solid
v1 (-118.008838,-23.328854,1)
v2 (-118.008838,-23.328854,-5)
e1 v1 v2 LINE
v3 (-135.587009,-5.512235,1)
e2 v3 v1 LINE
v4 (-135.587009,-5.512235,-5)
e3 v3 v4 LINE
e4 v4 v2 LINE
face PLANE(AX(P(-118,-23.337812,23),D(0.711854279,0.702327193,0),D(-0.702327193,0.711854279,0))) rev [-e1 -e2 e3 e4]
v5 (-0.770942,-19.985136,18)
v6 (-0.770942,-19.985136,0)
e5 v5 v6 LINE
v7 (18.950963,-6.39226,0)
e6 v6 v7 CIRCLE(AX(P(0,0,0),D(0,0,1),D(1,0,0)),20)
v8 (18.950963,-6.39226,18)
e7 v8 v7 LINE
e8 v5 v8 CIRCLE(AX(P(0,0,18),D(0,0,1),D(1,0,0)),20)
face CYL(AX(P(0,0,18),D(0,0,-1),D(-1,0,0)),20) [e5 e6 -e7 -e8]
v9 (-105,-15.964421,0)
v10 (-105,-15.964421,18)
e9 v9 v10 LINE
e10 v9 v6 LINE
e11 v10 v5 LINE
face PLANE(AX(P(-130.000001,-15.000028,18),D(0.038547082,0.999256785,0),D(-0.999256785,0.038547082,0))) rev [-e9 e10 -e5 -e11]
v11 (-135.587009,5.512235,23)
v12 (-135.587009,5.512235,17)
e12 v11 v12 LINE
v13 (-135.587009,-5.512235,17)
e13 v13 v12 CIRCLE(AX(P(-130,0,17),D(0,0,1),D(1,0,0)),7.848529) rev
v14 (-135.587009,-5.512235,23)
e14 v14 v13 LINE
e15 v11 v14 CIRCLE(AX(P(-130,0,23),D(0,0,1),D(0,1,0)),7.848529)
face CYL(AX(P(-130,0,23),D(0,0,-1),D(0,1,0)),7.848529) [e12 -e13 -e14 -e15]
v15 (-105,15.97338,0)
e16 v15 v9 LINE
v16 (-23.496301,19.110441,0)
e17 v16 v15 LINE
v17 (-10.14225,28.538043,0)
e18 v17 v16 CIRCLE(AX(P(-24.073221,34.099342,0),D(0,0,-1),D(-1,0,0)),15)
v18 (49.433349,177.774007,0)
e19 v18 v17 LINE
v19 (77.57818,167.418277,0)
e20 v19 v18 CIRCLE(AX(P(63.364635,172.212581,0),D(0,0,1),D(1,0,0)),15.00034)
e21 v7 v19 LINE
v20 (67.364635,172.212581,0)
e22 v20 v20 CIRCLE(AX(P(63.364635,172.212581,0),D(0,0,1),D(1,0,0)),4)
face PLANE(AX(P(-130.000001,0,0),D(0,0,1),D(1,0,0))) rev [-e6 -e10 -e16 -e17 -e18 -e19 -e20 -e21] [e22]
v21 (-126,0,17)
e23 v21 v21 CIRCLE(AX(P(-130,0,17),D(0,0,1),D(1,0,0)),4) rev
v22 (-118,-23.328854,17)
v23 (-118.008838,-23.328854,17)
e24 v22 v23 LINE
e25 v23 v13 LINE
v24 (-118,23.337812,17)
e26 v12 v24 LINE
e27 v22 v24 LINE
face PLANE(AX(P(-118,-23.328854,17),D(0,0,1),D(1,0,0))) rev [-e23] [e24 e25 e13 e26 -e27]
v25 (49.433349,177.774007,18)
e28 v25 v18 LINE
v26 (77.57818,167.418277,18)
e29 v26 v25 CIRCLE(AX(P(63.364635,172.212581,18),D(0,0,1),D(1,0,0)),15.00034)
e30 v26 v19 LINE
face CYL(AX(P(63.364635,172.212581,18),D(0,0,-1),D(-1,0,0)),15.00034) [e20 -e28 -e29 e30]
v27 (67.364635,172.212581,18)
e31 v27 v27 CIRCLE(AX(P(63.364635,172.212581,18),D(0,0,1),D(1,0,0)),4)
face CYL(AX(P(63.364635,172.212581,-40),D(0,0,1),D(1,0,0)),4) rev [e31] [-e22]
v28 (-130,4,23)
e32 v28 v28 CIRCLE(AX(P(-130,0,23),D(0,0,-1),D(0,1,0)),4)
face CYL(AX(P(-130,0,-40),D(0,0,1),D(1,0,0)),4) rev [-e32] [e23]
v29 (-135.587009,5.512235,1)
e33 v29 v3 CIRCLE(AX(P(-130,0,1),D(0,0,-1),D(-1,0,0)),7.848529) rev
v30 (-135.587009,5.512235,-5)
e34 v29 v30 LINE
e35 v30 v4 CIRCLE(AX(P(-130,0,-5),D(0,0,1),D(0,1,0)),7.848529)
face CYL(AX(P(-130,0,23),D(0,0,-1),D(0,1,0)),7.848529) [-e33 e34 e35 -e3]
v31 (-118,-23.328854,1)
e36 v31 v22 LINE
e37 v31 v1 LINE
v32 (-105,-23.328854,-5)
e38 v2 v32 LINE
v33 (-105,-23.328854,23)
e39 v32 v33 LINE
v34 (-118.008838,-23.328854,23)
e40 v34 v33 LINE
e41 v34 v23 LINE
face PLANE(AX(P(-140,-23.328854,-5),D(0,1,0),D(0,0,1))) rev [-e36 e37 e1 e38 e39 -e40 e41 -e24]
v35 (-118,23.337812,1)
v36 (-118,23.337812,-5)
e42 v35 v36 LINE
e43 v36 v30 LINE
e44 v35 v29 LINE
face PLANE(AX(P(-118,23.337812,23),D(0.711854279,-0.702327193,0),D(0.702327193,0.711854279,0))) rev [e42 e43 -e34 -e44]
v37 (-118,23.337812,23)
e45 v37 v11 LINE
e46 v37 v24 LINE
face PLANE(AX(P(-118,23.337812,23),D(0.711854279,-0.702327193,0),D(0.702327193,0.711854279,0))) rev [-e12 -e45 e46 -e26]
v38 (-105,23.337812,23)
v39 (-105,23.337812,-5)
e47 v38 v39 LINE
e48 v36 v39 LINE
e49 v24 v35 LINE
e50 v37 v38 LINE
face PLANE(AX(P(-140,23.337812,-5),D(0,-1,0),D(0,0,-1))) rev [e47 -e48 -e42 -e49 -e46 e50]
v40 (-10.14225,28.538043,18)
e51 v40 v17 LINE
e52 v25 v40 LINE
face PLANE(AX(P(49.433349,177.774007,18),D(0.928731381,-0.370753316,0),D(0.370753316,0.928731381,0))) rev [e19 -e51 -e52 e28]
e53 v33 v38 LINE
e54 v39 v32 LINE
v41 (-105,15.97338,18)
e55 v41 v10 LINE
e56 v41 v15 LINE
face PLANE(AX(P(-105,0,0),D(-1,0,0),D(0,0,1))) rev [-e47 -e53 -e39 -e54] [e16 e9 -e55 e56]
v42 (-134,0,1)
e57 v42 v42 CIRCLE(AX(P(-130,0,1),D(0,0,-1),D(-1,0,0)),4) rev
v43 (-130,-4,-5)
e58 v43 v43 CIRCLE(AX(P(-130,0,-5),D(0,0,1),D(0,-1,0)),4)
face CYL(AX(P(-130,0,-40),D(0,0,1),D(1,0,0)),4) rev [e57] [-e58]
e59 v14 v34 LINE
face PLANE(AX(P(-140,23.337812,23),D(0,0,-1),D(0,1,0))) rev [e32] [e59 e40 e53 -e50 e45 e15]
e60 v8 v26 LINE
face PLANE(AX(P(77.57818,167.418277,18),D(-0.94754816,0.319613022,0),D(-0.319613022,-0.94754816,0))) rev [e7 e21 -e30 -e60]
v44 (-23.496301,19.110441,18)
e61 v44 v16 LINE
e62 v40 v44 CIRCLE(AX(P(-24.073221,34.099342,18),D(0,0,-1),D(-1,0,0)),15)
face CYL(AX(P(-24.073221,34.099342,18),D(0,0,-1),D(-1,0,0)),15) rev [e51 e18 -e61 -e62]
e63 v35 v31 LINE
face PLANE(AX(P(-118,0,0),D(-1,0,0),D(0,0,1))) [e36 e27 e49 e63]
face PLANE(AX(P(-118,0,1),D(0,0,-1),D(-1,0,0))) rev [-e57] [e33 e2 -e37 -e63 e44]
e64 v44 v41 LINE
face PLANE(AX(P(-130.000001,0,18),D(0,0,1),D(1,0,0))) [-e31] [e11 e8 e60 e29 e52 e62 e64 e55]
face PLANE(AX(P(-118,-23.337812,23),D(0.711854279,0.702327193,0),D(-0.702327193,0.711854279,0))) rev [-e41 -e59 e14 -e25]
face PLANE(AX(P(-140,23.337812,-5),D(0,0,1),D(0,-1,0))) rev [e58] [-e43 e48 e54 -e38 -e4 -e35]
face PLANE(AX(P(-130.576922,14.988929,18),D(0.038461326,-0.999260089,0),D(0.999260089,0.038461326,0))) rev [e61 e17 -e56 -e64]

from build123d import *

# Parameters (mm, degrees)
EXTRUDE_1_DEPTH      = 18
SKETCH_10_W          = 36.784417634
SKETCH_10_H          = 49.551694486
CUT_EXTRUDE_7_DEPTH  = 25
SKETCH_11_W          = 28
SKETCH_11_H          = 46.666666667
EXTRUDE_2_DEPTH      = 35
SKETCH_2_R           = 4
CUT_EXTRUDE_9_DEPTH  = 40
CUT_EXTRUDE_10_DEPTH = 22
CUT_EXTRUDE_11_DEPTH = 28


with BuildPart() as part:
    # 草图1 → 凸台-拉伸1 (new body)
    with BuildSketch(Plane.XY):
        with BuildLine():
            Line((-130.576922015, 14.988928879), (-23.496301019, 19.11044112))
            ThreePointArc((-23.496301019, 19.11044112), (-15.422230188, 21.845348847), (-10.142250191, 28.538042722))
            Line((-10.142250191, 28.538042722), (49.433348919, 177.774006572))
            ThreePointArc((49.433348919, 177.774006572), (68.544423032, 186.290222442), (77.578179631, 167.418276909))
            Line((77.578179631, 167.418276909), (18.950963208, -6.392260437))
            ThreePointArc((18.950963208, -6.392260437), (11.349883724, -16.46754807), (-0.770941638, -19.985135701))
            Line((-0.770941638, -19.985135701), (-130.000001063, -15.000027558))
            ThreePointArc((-130.000001063, -15.000027558), (-144.997253695, -0.28851385), (-130.576922015, 14.988928879))
        make_face()
    extrude(amount=EXTRUDE_1_DEPTH)

    # 草图10 → 切除-拉伸7 (cut, symmetric)
    with BuildSketch(Plane.ZY.offset(130)):
        Rectangle(SKETCH_10_W, SKETCH_10_H)
    extrude(amount=CUT_EXTRUDE_7_DEPTH, both=True, mode=Mode.SUBTRACT)

    # 草图11 → 凸台-拉伸2 (add)
    with BuildSketch(Plane.ZY.offset(105)):
        with Locations((9, 0.004479114)):
            Rectangle(SKETCH_11_W, SKETCH_11_H)
    extrude(amount=EXTRUDE_2_DEPTH)

    # 草图2 → 切除-拉伸9 (cut, symmetric)
    with BuildSketch(Plane.XY):
        with Locations((63.364635235, 172.212580846)):
            Circle(SKETCH_2_R)
        with Locations(Location((-130, 0, 0), (0, 0, 270))):
            Circle(SKETCH_2_R)
    extrude(amount=CUT_EXTRUDE_9_DEPTH, both=True, mode=Mode.SUBTRACT)

    # 草图16 → 切除-拉伸10 (cut)
    with BuildSketch(Plane.ZY.offset(140)):
        Polygon((1, 0), (1, -23.32885422), (17, -23.32885422), (17, 23.337812447), (1, 23.337812447), align=None)
    extrude(amount=-CUT_EXTRUDE_10_DEPTH, mode=Mode.SUBTRACT)

    # 草图17 → 切除-拉伸11 (cut)
    with BuildSketch(Plane(origin=(0, 0, -5), x_dir=(-1, 0, 0), z_dir=(0, 0, -1))):
        with BuildLine():
            Line((118, 23.337812447), (140, 23.337812447))
            Line((140, 23.337812447), (140, -23.32885422))
            Line((140, -23.32885422), (118, -23.337812447))
            Line((118, -23.337812447), (135.587008924, -5.512235317))
            ThreePointArc((135.587008924, -5.512235317), (137.848528965, 0), (135.587008924, 5.512235317))
            Line((135.587008924, 5.512235317), (118, 23.337812447))
        make_face()
    extrude(amount=-CUT_EXTRUDE_11_DEPTH, mode=Mode.SUBTRACT)


solid = part.part
